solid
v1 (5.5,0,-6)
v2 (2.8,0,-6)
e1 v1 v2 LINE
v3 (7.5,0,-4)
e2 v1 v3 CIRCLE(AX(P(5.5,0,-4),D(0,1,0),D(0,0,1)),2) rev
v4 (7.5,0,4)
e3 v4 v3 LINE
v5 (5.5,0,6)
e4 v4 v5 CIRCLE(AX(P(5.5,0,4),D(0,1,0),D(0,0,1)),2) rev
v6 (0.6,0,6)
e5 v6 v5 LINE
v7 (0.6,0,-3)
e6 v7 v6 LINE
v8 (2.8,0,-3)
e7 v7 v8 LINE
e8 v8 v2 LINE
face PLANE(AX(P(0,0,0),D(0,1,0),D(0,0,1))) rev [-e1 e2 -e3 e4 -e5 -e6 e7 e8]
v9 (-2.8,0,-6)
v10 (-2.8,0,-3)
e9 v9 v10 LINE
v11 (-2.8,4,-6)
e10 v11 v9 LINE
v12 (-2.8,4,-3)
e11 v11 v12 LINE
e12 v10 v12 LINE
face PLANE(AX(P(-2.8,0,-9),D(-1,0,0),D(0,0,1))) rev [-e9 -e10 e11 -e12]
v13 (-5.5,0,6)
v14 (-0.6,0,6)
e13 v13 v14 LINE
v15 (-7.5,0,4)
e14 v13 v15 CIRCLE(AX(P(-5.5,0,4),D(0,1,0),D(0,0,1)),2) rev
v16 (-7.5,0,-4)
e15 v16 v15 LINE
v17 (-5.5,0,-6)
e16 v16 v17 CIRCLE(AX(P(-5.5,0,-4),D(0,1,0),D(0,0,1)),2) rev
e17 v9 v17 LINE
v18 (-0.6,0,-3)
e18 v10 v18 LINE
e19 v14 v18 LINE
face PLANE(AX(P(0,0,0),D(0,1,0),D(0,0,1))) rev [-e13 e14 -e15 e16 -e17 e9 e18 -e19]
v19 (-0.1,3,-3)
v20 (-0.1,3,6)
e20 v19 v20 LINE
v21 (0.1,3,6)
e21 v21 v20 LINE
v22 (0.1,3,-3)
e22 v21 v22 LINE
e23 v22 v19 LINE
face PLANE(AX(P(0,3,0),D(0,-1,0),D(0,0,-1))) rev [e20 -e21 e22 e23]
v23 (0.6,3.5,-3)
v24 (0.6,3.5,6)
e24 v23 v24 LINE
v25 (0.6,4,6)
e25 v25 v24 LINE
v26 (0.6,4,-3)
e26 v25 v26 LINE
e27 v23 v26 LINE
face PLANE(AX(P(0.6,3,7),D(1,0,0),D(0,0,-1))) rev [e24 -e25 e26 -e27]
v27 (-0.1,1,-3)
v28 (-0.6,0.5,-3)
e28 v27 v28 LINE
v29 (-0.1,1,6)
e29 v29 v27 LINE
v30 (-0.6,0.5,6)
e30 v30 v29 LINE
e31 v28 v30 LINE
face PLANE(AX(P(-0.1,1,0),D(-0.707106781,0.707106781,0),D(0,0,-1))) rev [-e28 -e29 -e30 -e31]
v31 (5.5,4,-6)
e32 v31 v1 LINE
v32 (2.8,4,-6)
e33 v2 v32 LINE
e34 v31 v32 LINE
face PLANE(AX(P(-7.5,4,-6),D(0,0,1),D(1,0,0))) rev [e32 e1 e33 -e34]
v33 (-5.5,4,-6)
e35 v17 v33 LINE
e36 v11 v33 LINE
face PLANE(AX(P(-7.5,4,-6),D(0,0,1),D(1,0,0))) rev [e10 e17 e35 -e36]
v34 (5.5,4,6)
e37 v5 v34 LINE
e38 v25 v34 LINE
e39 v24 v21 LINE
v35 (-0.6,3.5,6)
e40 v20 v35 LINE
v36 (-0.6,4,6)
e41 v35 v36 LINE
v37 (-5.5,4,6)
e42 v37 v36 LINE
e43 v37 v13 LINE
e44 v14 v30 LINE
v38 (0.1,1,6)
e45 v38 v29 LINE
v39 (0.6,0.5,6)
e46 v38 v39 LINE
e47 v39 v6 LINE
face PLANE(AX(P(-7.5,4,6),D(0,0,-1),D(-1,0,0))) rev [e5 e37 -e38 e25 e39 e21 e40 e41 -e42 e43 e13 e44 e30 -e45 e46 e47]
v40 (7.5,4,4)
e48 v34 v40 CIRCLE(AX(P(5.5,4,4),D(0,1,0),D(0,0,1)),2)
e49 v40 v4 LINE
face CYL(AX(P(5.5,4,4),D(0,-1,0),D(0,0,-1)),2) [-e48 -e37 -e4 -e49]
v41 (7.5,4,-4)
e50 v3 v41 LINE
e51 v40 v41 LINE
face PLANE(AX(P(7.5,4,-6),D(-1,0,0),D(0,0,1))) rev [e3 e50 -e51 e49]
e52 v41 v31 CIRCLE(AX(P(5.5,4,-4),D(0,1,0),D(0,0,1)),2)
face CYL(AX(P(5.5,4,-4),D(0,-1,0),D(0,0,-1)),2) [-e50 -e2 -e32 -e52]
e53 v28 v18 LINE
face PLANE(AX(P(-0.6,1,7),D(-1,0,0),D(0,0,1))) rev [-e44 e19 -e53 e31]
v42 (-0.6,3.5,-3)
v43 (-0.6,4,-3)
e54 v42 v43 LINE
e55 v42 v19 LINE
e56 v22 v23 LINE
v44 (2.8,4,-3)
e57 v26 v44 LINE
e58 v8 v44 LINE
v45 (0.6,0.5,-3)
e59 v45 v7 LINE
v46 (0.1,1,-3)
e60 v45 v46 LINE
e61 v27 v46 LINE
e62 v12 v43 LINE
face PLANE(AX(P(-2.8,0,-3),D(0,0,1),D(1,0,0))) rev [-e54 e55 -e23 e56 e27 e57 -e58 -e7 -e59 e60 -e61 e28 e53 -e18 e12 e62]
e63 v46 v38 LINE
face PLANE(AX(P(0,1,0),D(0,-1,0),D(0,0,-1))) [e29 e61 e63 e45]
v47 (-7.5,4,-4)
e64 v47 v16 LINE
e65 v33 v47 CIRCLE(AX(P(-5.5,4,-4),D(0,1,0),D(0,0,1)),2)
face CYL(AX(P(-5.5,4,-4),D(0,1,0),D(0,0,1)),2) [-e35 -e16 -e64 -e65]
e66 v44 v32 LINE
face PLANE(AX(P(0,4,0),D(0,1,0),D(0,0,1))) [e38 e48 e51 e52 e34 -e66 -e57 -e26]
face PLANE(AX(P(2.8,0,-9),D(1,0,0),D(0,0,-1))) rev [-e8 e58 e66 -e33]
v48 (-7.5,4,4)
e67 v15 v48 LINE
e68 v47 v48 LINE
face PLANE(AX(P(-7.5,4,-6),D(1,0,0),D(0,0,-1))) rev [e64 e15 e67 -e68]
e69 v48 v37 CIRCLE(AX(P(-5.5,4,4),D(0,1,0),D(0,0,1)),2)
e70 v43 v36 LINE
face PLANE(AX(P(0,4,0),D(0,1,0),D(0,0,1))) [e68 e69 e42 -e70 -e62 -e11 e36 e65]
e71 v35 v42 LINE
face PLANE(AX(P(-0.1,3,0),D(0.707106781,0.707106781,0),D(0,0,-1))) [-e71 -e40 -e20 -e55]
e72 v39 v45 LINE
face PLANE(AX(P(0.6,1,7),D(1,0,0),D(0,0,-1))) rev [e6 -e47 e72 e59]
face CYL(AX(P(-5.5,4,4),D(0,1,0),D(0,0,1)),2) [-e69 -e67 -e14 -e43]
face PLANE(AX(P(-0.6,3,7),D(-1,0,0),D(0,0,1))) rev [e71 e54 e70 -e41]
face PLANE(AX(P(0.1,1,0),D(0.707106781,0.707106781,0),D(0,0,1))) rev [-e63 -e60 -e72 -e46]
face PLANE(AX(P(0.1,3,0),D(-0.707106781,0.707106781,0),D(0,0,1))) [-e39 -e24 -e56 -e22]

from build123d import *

# Parameters (mm, degrees)
ESBO_O1_W                = 15
ESBO_O1_H                = 12
RESSALTO_EXTRUS_O1_DEPTH = 4
ESBO_O2_W                = 5.6
ESBO_O2_H                = 6
CORTE_EXTRUS_O1_DEPTH    = 11.404326023
ESBO_O3_W                = 1.2
ESBO_O3_H                = 10
CORTE_EXTRUS_O2_DEPTH    = 1
CHANFRO1_SIZE            = 0.5
FILETE1_R                = 2
FILETE2_R                = 2
FILETE3_R                = 2
FILETE4_R                = 2
ESBO_O4_W                = 1.2
ESBO_O4_H                = 10
CORTE_EXTRUS_O3_DEPTH    = 1
CHANFRO2_SIZE            = 0.5


with BuildPart() as part:
    # Esboço1 → Ressalto-extrusão1 (new body)
    with BuildSketch(Plane(origin=(0, 0, 0), x_dir=(1, 0, 0), z_dir=(0, 1, 0))):
        Rectangle(ESBO_O1_W, ESBO_O1_H)
    extrude(amount=RESSALTO_EXTRUS_O1_DEPTH)

    # Esboço2 → Corte-extrusão1 (cut, through all)
    with BuildSketch(Plane(origin=(0, 4, 0), x_dir=(1, 0, 0), z_dir=(0, 1, 0))):
        with Locations((0, 6)):
            Rectangle(ESBO_O2_W, ESBO_O2_H)
    extrude(amount=-CORTE_EXTRUS_O1_DEPTH, mode=Mode.SUBTRACT)

    # Esboço3 → Corte-extrusão2 (cut)
    with BuildSketch(Plane(origin=(0, 4, 0), x_dir=(1, 0, 0), z_dir=(0, 1, 0))):
        with Locations((0, -2)):
            Rectangle(ESBO_O3_W, ESBO_O3_H)
    extrude(amount=-CORTE_EXTRUS_O2_DEPTH, mode=Mode.SUBTRACT)

    # Chanfro1
    chanfro1_edges = [part.edges().sort_by_distance(p)[0] for p in [
        (0.6, 3, 1.5),
        (-0.6, 3, 1.5),
    ]]
    chamfer(chanfro1_edges, length=CHANFRO1_SIZE)

    # Filete1
    filete1_edges = [part.edges().sort_by_distance(p)[0] for p in [
        (7.5, 2, 6),
    ]]
    fillet(filete1_edges, radius=FILETE1_R)

    # Filete2
    filete2_edges = [part.edges().sort_by_distance(p)[0] for p in [
        (7.5, 2, -6),
    ]]
    fillet(filete2_edges, radius=FILETE2_R)

    # Filete3
    filete3_edges = [part.edges().sort_by_distance(p)[0] for p in [
        (-7.5, 2, 6),
    ]]
    fillet(filete3_edges, radius=FILETE3_R)

    # Filete4
    filete4_edges = [part.edges().sort_by_distance(p)[0] for p in [
        (-7.5, 2, -6),
    ]]
    fillet(filete4_edges, radius=FILETE4_R)

    # Esboço4 → Corte-extrusão3 (cut)
    with BuildSketch(Plane.XZ):
        with Locations((0, 2)):
            Rectangle(ESBO_O4_W, ESBO_O4_H)
    extrude(amount=-CORTE_EXTRUS_O3_DEPTH, mode=Mode.SUBTRACT)

    # Chanfro2
    chanfro2_edges = [part.edges().sort_by_distance(p)[0] for p in [
        (0.6, 1, 1.5),
        (-0.6, 1, 1.5),
    ]]
    chamfer(chanfro2_edges, length=CHANFRO2_SIZE)


solid = part.part
